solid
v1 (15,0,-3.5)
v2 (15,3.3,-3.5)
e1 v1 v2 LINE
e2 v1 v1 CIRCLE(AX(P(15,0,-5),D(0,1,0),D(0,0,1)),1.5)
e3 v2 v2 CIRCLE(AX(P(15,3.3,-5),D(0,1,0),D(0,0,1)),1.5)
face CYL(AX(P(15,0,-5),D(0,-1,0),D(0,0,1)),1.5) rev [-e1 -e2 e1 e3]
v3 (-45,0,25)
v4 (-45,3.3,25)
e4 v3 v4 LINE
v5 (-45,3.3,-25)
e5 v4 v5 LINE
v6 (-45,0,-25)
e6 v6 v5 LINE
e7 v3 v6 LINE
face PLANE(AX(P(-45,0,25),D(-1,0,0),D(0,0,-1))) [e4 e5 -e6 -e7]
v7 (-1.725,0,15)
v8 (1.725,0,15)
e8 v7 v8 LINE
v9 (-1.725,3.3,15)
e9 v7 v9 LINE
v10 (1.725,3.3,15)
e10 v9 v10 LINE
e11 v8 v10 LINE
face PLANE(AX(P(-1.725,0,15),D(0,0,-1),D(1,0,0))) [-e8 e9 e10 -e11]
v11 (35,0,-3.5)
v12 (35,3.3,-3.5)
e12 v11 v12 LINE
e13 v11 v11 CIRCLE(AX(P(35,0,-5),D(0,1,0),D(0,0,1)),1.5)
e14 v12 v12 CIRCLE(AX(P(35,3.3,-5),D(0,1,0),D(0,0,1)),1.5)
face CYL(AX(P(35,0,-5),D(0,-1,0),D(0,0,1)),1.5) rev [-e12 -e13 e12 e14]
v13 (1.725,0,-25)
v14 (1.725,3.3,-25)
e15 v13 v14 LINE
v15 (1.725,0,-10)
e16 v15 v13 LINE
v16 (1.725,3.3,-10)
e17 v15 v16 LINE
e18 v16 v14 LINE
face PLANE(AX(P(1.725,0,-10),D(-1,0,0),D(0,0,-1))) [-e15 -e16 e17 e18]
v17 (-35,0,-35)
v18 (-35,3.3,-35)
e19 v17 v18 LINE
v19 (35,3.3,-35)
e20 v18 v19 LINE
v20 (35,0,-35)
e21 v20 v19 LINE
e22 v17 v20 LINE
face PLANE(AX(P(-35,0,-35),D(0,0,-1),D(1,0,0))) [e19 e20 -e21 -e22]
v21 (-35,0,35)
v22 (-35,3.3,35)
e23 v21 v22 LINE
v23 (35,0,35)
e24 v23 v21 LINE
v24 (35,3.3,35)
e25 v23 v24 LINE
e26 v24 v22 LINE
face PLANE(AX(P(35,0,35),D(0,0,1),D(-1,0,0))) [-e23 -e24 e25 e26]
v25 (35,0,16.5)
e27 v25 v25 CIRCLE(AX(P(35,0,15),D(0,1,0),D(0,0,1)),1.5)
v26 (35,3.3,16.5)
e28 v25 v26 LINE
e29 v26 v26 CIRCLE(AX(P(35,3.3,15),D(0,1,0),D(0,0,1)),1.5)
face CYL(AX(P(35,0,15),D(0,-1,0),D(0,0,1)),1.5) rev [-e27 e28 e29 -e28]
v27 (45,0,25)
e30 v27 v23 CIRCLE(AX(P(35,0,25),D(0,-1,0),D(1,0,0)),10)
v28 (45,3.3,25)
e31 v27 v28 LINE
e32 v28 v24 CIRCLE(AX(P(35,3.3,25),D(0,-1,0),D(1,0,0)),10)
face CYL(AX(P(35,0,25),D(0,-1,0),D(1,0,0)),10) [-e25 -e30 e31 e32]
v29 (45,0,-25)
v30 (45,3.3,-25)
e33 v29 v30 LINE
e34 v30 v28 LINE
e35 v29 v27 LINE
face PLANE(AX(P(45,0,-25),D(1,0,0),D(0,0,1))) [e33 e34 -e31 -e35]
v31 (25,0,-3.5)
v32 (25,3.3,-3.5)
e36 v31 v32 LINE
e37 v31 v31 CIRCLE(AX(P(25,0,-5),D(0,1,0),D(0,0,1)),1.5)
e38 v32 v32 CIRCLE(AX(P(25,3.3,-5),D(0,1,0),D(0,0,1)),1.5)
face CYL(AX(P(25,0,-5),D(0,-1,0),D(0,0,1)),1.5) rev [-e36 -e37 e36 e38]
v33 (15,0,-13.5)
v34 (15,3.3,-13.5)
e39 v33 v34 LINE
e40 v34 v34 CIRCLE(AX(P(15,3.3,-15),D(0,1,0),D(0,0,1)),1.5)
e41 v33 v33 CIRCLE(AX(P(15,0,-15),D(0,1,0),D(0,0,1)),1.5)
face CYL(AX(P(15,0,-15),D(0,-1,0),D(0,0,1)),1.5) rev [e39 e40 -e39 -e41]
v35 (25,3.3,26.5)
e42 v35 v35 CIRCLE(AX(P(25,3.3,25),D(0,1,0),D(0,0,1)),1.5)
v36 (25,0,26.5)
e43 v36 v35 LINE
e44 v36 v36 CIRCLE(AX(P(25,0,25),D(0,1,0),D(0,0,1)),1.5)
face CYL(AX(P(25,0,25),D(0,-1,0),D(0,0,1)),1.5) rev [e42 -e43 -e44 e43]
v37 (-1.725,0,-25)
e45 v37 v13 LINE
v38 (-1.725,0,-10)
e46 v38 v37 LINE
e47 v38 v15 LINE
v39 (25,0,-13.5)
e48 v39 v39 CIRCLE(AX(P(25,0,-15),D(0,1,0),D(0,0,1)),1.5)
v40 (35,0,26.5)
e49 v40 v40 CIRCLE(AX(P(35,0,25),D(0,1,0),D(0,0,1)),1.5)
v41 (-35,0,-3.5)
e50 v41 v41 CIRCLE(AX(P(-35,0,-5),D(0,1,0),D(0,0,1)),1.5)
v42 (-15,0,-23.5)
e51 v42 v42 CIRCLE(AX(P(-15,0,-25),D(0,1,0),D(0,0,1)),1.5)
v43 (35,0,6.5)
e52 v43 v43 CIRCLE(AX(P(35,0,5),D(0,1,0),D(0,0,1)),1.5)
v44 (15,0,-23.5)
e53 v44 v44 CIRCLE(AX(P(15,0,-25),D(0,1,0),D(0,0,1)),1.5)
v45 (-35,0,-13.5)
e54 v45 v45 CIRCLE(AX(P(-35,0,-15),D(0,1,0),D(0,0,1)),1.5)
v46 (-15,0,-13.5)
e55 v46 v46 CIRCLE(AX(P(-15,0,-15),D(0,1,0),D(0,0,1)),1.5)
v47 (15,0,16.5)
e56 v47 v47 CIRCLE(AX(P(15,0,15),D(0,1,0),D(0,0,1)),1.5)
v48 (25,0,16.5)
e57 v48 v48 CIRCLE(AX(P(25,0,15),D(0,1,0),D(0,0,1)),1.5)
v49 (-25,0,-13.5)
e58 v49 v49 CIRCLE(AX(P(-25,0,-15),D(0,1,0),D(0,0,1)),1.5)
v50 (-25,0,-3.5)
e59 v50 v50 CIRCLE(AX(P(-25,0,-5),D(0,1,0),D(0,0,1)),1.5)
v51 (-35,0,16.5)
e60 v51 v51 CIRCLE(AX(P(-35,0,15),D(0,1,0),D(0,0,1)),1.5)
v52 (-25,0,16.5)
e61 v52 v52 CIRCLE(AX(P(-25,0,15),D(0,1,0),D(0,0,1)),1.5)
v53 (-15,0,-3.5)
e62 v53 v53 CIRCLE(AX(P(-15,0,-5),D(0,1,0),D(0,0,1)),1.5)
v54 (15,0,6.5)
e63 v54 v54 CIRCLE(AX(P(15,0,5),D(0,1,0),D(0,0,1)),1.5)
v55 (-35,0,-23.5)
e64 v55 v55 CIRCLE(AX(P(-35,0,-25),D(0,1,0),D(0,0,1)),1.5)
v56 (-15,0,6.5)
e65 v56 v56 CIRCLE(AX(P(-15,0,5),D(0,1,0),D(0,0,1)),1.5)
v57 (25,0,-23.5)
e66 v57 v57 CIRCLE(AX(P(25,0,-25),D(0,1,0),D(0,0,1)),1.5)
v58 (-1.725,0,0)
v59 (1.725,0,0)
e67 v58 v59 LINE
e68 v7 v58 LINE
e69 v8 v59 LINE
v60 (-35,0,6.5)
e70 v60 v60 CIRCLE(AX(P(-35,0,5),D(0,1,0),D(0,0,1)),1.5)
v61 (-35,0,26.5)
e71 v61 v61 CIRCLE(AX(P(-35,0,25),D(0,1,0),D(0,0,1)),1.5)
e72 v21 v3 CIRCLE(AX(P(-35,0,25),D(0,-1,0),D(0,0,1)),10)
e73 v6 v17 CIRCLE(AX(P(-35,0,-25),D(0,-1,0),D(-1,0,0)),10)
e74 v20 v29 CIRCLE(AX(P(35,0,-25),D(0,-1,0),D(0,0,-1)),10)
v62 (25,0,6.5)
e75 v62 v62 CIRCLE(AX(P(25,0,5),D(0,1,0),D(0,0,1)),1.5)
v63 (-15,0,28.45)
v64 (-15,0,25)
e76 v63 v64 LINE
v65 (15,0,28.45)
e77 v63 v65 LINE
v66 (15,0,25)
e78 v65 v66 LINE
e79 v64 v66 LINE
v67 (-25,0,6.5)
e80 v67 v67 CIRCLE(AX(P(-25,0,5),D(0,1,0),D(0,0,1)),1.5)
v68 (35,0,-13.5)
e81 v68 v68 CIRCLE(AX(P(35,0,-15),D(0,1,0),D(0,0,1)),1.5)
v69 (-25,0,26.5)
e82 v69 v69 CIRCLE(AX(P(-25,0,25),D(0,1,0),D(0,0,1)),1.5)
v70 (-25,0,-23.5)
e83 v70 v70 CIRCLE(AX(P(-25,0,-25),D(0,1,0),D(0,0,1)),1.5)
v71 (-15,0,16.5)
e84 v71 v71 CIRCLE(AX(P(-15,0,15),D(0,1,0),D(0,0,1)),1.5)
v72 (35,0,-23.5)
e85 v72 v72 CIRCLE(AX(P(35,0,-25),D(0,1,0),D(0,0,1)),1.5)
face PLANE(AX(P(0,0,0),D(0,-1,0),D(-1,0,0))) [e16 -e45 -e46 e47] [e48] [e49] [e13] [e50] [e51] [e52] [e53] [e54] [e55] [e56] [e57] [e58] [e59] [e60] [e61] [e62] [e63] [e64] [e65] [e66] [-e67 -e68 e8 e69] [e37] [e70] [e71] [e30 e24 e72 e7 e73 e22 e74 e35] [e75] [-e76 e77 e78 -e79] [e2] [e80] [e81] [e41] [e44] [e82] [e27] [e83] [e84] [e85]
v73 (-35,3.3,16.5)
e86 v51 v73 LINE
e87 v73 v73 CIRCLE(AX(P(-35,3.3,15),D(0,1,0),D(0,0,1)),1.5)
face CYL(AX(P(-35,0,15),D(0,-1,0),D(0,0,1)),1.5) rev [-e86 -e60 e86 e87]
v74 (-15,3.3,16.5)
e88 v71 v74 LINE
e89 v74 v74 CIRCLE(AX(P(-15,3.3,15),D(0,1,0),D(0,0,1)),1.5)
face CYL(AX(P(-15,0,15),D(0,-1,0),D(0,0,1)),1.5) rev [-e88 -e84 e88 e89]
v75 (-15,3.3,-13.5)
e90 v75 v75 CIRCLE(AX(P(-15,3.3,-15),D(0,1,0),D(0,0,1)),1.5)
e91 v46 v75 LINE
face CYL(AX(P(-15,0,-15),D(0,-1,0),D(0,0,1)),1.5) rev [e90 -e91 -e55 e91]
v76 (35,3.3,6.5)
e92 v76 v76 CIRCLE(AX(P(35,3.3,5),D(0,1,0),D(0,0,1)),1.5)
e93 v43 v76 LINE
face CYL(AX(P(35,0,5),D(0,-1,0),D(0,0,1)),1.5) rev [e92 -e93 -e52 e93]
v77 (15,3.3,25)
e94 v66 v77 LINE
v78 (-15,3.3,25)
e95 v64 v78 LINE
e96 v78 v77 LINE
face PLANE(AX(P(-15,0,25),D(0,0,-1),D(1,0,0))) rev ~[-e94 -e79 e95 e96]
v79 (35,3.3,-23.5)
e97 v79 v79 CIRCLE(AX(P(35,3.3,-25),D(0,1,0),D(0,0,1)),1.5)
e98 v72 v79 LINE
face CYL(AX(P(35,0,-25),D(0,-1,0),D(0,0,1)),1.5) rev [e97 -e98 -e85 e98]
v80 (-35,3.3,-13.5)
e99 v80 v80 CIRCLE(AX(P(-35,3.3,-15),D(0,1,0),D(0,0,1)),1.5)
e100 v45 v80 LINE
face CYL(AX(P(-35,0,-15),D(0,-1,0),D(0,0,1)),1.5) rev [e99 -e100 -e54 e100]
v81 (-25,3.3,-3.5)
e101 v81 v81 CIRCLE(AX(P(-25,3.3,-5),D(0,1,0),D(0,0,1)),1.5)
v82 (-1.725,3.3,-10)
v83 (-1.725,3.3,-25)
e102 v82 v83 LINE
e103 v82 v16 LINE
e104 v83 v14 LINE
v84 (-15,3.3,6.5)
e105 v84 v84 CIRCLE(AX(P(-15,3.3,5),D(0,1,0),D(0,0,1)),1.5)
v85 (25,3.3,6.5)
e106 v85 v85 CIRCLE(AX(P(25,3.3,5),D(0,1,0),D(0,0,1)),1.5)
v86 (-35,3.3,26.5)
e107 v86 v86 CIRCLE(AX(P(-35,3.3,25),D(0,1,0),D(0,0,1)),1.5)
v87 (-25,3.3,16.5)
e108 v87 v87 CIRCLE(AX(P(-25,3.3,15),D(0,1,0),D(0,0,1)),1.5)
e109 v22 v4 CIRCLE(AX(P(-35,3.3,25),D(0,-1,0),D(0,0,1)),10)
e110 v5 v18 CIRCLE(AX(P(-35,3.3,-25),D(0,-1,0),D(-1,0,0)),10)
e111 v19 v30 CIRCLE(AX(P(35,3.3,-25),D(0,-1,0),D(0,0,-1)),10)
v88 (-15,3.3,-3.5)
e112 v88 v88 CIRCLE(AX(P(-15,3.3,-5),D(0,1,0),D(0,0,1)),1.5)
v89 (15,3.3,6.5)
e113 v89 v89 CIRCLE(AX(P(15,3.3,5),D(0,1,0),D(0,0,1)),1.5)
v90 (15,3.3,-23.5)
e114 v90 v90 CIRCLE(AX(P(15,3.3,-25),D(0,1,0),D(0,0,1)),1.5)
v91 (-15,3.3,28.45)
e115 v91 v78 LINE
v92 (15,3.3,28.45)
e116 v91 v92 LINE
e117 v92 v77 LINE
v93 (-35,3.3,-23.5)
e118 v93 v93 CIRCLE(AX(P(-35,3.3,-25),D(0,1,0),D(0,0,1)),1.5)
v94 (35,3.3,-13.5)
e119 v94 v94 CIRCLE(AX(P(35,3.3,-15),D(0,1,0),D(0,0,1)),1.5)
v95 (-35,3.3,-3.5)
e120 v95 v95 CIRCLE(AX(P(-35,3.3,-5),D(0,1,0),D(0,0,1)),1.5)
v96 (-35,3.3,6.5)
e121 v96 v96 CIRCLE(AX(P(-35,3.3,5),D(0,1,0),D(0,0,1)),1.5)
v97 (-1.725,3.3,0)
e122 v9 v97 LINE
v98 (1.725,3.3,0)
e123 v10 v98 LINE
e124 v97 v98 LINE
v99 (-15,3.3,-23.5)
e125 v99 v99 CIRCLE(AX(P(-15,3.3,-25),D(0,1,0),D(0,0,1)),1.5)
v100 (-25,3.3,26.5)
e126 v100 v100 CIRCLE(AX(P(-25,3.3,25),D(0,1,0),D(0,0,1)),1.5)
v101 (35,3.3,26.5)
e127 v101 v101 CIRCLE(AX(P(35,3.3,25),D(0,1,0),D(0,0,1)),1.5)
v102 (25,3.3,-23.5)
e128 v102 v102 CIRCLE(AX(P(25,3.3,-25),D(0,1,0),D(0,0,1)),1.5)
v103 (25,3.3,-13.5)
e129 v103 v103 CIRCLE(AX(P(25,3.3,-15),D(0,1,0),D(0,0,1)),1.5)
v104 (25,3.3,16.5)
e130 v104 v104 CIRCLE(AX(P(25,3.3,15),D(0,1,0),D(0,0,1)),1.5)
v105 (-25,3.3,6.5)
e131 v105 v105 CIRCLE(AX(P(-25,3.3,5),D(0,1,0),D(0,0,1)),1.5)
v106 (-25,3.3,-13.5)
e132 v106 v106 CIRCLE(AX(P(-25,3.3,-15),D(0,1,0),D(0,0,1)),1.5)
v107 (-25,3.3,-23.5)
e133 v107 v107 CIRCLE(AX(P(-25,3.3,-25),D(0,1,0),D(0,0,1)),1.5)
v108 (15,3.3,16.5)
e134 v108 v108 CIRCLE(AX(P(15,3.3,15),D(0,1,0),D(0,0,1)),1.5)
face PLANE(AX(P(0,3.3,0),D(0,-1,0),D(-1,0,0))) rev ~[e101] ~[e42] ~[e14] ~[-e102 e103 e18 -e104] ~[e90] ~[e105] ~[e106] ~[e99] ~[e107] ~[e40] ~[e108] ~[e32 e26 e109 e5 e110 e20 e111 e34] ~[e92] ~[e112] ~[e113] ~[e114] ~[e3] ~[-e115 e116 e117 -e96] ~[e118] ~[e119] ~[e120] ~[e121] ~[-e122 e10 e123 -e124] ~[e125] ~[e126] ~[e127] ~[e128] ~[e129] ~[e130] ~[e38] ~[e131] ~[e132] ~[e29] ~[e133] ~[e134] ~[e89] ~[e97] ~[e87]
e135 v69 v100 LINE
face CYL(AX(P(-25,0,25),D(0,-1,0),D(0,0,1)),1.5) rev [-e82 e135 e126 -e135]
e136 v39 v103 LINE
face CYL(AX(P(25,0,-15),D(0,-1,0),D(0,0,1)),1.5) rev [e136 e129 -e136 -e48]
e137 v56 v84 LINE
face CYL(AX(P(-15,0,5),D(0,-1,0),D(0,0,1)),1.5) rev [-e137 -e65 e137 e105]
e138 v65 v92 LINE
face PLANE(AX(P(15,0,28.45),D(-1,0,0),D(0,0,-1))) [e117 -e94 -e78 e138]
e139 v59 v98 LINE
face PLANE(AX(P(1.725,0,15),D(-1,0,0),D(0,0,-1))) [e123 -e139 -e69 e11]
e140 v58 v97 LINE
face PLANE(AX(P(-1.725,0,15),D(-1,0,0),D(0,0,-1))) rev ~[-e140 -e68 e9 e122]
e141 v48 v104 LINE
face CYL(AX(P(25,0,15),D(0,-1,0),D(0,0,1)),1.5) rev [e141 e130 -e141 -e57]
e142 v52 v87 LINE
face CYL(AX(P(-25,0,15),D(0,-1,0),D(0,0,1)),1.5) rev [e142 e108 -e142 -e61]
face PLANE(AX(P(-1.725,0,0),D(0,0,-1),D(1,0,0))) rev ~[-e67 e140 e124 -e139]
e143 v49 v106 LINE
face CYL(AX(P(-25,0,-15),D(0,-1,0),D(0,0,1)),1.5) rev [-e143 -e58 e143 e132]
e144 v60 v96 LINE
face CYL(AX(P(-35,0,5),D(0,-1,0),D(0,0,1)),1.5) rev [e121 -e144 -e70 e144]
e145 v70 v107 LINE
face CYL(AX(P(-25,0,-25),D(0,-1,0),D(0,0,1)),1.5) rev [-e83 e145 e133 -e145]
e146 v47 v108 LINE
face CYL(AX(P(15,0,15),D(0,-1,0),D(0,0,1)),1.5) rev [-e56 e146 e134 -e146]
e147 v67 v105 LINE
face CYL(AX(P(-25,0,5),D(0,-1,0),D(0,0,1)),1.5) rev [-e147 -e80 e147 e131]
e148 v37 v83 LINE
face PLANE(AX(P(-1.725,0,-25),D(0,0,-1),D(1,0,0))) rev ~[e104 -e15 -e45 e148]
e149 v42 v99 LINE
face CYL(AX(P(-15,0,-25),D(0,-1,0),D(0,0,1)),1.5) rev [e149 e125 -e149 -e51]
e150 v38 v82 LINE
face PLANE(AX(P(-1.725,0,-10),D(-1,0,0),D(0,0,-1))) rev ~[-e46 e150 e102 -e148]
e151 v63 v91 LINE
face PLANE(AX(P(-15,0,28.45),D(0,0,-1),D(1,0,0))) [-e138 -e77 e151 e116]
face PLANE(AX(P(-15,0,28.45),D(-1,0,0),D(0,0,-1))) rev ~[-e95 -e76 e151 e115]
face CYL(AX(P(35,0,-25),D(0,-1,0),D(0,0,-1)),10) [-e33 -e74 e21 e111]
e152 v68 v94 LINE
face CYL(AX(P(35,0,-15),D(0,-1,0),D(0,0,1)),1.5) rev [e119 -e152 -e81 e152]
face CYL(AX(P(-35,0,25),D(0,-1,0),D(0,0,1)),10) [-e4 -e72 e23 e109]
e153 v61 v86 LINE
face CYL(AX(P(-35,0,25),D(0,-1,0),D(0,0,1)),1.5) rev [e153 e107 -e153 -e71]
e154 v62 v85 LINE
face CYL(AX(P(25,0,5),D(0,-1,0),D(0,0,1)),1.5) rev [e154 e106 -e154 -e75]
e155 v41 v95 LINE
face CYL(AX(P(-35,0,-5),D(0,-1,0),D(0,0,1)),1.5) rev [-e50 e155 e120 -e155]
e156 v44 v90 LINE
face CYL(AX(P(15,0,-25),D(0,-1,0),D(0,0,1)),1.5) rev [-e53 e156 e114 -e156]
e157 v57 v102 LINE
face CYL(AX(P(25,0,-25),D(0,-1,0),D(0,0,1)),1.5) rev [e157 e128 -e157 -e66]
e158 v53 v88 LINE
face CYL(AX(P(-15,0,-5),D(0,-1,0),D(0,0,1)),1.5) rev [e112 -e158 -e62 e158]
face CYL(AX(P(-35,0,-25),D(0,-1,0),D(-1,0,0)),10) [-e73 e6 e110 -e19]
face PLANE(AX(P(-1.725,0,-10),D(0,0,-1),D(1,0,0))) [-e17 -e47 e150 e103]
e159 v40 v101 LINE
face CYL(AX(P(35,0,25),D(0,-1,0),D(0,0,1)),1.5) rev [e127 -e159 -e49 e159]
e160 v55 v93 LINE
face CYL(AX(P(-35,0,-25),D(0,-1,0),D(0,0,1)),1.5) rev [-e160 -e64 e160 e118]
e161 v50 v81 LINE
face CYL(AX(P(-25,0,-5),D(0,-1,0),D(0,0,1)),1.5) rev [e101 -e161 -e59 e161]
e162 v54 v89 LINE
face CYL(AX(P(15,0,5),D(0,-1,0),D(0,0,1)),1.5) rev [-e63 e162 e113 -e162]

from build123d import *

# Parameters (mm, degrees)
SKETCH1_R           = 1.5
SKETCH1_W           = 3.45
SKETCH1_H           = 15
SKETCH1_W_2         = 30
SKETCH1_H_2         = 3.45
BOSS_EXTRUDE1_DEPTH = 3.3


with BuildPart() as part:
    # Sketch1 → Boss-Extrude1 (new body)
    with BuildSketch(Plane(origin=(0, 0, 0), x_dir=(1, 0, 0), z_dir=(0, 1, 0))):
        with BuildLine():
            Line((-35, 35), (35, 35))
            ThreePointArc((35, 35), (42.071067812, 32.071067812), (45, 25))
            Line((45, 25), (45, -25))
            ThreePointArc((45, -25), (42.071067812, -32.071067812), (35, -35))
            Line((35, -35), (-35, -35))
            ThreePointArc((-35, -35), (-42.071067812, -32.071067812), (-45, -25))
            Line((-45, -25), (-45, 25))
            ThreePointArc((-45, 25), (-42.071067812, 32.071067812), (-35, 35))
        make_face()
        with Locations(Location((-35, -25, 0), (0, 0, 270))):
            Circle(SKETCH1_R, mode=Mode.SUBTRACT)
        with Locations(Location((-35, -15, 0), (0, 0, 270))):
            Circle(SKETCH1_R, mode=Mode.SUBTRACT)
        with Locations(Location((-35, -5, 0), (0, 0, 270))):
            Circle(SKETCH1_R, mode=Mode.SUBTRACT)
        with Locations(Location((-35, 5, 0), (0, 0, 270))):
            Circle(SKETCH1_R, mode=Mode.SUBTRACT)
        with Locations(Location((-35, 15, 0), (0, 0, 270))):
            Circle(SKETCH1_R, mode=Mode.SUBTRACT)
        with Locations(Location((-35, 25, 0), (0, 0, 270))):
            Circle(SKETCH1_R, mode=Mode.SUBTRACT)
        with Locations(Location((-25, -25, 0), (0, 0, 270))):
            Circle(SKETCH1_R, mode=Mode.SUBTRACT)
        with Locations(Location((-25, -15, 0), (0, 0, 270))):
            Circle(SKETCH1_R, mode=Mode.SUBTRACT)
        with Locations(Location((-25, -5, 0), (0, 0, 270))):
            Circle(SKETCH1_R, mode=Mode.SUBTRACT)
        with Locations(Location((-25, 5, 0), (0, 0, 270))):
            Circle(SKETCH1_R, mode=Mode.SUBTRACT)
        with Locations(Location((-25, 15, 0), (0, 0, 270))):
            Circle(SKETCH1_R, mode=Mode.SUBTRACT)
        with Locations(Location((-25, 25, 0), (0, 0, 270))):
            Circle(SKETCH1_R, mode=Mode.SUBTRACT)
        with Locations(Location((-15, -15, 0), (0, 0, 270))):
            Circle(SKETCH1_R, mode=Mode.SUBTRACT)
        with Locations(Location((-15, -5, 0), (0, 0, 270))):
            Circle(SKETCH1_R, mode=Mode.SUBTRACT)
        with Locations(Location((-15, 5, 0), (0, 0, 270))):
            Circle(SKETCH1_R, mode=Mode.SUBTRACT)
        with Locations(Location((-15, 15, 0), (0, 0, 270))):
            Circle(SKETCH1_R, mode=Mode.SUBTRACT)
        with Locations(Location((-15, 25, 0), (0, 0, 270))):
            Circle(SKETCH1_R, mode=Mode.SUBTRACT)
        with Locations(Location((15, -15, 0), (0, 0, 270))):
            Circle(SKETCH1_R, mode=Mode.SUBTRACT)
        with Locations(Location((15, -5, 0), (0, 0, 270))):
            Circle(SKETCH1_R, mode=Mode.SUBTRACT)
        with Locations(Location((15, 5, 0), (0, 0, 270))):
            Circle(SKETCH1_R, mode=Mode.SUBTRACT)
        with Locations(Location((15, 15, 0), (0, 0, 270))):
            Circle(SKETCH1_R, mode=Mode.SUBTRACT)
        with Locations(Location((15, 25, 0), (0, 0, 270))):
            Circle(SKETCH1_R, mode=Mode.SUBTRACT)
        with Locations(Location((25, -25, 0), (0, 0, 270))):
            Circle(SKETCH1_R, mode=Mode.SUBTRACT)
        with Locations(Location((25, -15, 0), (0, 0, 270))):
            Circle(SKETCH1_R, mode=Mode.SUBTRACT)
        with Locations(Location((25, -5, 0), (0, 0, 270))):
            Circle(SKETCH1_R, mode=Mode.SUBTRACT)
        with Locations(Location((25, 5, 0), (0, 0, 270))):
            Circle(SKETCH1_R, mode=Mode.SUBTRACT)
        with Locations(Location((25, 15, 0), (0, 0, 270))):
            Circle(SKETCH1_R, mode=Mode.SUBTRACT)
        with Locations(Location((25, 25, 0), (0, 0, 270))):
            Circle(SKETCH1_R, mode=Mode.SUBTRACT)
        with Locations(Location((35, -25, 0), (0, 0, 270))):
            Circle(SKETCH1_R, mode=Mode.SUBTRACT)
        with Locations(Location((35, -15, 0), (0, 0, 270))):
            Circle(SKETCH1_R, mode=Mode.SUBTRACT)
        with Locations(Location((35, -5, 0), (0, 0, 270))):
            Circle(SKETCH1_R, mode=Mode.SUBTRACT)
        with Locations(Location((35, 5, 0), (0, 0, 270))):
            Circle(SKETCH1_R, mode=Mode.SUBTRACT)
        with Locations(Location((35, 15, 0), (0, 0, 270))):
            Circle(SKETCH1_R, mode=Mode.SUBTRACT)
        with Locations(Location((35, 25, 0), (0, 0, 270))):
            Circle(SKETCH1_R, mode=Mode.SUBTRACT)
        with Locations((0, -7.5)):
            Rectangle(SKETCH1_W, SKETCH1_H, mode=Mode.SUBTRACT)
        with Locations((0, 17.5)):
            Rectangle(SKETCH1_W, SKETCH1_H, mode=Mode.SUBTRACT)
        with Locations((0, -26.725)):
            Rectangle(SKETCH1_W_2, SKETCH1_H_2, mode=Mode.SUBTRACT)
    extrude(amount=BOSS_EXTRUDE1_DEPTH)


solid = part.part
